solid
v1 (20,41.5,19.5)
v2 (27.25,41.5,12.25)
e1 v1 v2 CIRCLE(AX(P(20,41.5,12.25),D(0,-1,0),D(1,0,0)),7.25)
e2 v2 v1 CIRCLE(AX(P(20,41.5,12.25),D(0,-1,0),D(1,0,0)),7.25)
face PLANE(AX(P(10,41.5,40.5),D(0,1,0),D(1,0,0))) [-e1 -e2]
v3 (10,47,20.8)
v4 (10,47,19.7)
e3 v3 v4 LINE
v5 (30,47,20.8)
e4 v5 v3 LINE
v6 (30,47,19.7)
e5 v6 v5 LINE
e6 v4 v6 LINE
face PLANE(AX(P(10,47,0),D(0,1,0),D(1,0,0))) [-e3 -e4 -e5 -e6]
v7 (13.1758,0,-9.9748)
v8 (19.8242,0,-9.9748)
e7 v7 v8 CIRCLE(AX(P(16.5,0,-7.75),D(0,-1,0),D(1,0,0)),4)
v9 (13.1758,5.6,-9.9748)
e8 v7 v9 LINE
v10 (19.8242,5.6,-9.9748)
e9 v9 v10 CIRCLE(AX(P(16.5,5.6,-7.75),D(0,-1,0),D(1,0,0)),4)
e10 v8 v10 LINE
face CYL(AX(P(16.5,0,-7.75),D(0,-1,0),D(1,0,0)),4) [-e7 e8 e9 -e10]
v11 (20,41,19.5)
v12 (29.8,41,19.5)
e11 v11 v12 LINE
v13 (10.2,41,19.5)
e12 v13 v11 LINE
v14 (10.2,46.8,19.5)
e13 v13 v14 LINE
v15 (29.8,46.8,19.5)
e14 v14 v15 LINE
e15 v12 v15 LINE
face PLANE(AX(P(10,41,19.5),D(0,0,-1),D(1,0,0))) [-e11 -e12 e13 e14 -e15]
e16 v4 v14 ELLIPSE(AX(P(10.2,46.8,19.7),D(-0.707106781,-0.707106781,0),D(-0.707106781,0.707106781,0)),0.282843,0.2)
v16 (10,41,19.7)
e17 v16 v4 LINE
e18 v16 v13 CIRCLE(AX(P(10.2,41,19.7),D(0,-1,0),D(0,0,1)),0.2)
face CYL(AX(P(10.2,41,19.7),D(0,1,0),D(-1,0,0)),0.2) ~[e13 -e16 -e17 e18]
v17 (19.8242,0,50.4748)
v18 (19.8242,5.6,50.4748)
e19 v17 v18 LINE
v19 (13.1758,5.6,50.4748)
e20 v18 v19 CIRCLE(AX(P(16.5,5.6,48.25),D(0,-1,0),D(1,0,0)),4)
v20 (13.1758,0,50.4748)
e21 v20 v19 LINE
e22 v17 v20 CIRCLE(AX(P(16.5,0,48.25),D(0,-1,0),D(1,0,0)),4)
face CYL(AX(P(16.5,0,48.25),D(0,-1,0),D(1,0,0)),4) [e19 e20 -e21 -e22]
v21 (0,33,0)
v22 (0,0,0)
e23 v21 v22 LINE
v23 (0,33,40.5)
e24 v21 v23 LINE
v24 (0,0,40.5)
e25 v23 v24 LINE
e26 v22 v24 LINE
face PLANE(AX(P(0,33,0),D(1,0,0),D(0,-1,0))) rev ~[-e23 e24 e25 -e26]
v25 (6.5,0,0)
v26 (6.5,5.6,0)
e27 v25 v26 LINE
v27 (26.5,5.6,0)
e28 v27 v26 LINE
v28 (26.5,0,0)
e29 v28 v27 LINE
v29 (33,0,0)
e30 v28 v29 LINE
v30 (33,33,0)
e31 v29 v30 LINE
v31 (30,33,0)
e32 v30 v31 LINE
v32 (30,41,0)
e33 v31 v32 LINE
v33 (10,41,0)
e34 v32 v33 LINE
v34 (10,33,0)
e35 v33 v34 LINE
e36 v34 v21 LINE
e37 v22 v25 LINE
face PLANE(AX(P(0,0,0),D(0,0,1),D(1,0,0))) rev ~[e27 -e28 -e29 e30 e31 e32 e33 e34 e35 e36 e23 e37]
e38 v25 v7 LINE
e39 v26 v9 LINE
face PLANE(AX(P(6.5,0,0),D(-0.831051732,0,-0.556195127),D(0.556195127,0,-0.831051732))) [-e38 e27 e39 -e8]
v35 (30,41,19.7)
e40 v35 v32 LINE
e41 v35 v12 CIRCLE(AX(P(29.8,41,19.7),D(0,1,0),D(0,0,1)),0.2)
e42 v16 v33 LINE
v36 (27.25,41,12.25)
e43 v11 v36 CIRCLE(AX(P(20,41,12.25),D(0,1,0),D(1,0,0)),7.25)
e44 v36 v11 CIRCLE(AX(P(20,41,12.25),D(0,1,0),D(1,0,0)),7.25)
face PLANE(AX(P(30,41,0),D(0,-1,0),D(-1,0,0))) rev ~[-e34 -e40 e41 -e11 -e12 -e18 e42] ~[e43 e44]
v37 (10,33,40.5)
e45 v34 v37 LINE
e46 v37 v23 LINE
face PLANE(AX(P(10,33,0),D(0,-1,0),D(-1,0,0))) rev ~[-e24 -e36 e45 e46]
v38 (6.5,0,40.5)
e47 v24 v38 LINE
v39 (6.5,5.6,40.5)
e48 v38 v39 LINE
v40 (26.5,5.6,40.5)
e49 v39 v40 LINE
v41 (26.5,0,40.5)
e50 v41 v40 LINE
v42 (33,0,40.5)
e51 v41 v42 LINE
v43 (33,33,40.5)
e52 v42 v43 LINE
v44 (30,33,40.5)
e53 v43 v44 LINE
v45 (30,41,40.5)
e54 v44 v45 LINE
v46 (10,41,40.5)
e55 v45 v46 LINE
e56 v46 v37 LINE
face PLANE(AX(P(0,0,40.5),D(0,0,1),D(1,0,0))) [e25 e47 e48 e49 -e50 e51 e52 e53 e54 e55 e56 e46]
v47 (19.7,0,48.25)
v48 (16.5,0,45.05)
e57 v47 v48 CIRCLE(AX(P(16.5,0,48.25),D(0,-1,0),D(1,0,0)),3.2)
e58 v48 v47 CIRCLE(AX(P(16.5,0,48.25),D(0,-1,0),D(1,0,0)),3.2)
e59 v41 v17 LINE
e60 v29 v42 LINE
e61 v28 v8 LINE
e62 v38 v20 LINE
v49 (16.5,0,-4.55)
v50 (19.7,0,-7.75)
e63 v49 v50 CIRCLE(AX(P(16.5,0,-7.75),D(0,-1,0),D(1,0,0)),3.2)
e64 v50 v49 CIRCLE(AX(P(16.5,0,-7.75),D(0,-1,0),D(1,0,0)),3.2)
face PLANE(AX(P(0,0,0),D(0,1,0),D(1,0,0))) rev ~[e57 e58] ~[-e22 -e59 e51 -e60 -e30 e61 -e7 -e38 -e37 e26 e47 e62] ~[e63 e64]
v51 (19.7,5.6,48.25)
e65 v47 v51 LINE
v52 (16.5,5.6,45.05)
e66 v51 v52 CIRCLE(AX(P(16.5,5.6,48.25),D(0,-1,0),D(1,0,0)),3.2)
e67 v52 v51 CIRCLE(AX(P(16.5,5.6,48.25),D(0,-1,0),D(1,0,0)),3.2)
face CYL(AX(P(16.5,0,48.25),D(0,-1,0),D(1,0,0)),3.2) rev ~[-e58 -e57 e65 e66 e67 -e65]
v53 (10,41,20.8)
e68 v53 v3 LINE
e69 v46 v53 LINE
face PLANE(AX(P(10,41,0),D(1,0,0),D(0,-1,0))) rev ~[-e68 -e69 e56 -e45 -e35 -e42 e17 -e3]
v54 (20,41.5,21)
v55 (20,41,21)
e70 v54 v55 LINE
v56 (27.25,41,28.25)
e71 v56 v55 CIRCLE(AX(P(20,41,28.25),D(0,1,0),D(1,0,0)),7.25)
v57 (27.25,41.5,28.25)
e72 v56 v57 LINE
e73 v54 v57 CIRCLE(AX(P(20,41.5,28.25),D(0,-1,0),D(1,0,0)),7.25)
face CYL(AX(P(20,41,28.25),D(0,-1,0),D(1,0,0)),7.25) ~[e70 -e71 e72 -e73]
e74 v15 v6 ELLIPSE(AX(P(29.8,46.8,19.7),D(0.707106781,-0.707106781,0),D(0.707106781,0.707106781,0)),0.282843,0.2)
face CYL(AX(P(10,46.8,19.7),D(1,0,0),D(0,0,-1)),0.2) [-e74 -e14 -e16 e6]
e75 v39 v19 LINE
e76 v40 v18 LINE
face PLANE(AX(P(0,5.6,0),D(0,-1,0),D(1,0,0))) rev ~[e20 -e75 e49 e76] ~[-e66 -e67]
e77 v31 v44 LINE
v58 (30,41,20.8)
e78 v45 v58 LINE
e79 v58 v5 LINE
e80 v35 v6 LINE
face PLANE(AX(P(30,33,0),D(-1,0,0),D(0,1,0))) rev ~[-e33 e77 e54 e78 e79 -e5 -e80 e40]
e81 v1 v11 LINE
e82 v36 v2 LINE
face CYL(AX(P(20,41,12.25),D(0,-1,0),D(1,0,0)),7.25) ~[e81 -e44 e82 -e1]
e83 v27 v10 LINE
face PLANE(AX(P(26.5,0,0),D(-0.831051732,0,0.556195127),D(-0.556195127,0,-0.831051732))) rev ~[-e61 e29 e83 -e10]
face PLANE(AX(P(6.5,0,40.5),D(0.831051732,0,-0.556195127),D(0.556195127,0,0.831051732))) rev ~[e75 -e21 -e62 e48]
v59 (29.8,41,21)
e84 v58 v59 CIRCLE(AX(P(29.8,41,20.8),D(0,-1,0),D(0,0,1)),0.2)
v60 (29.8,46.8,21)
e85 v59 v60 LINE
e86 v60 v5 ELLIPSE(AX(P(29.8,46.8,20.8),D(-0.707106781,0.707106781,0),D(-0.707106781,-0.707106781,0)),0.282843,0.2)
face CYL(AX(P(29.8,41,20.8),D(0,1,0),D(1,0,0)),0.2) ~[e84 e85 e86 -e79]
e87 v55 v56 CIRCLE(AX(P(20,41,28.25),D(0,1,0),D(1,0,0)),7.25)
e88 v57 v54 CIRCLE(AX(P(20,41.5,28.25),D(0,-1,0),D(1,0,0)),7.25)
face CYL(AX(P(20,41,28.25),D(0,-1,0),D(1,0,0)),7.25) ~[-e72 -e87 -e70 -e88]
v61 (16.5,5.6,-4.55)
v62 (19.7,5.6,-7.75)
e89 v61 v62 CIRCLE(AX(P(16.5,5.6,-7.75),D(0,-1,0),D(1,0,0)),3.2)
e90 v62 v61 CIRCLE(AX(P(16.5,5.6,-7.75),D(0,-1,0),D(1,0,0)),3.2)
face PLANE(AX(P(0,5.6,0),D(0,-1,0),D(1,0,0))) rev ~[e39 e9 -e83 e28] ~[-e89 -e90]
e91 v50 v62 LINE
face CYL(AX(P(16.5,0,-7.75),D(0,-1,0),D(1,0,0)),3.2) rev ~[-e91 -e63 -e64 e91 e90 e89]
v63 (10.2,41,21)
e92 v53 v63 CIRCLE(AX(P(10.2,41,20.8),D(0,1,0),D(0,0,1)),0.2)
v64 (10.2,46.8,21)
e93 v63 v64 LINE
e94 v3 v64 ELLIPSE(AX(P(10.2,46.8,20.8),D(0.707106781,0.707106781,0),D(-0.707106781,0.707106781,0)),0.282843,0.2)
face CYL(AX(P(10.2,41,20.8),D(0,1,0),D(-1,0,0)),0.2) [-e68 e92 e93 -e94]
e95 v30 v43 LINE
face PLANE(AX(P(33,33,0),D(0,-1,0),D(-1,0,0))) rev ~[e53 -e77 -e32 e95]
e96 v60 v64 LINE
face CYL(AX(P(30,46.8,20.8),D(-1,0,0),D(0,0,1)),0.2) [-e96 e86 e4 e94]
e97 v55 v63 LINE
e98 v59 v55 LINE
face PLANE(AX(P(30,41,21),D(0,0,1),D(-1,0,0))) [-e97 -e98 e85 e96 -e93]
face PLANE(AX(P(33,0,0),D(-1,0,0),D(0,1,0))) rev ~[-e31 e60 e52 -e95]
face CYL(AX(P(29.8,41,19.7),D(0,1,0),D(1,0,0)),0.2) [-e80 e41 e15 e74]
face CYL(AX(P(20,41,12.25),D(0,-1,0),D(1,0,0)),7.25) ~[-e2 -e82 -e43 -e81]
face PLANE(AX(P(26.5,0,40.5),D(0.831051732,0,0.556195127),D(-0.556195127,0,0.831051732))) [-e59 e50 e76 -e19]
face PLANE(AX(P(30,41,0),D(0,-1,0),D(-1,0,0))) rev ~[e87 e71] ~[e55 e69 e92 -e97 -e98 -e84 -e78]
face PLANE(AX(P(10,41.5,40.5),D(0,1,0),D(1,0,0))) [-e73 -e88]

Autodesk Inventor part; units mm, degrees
ref_plane "YZ Plane" through (0, 0, 0) normal (1, 0, 0) x (0, 1, 0)
ref_plane "XZ Plane" through (0, 0, 0) normal (0, 1, 0) x (-1, 0, 0)
ref_plane "XY Plane" through (0, 0, 0) normal (0, 0, 1) x (1, 0, 0)
sketch "Boceto1" plane through (0, 0, 0) normal (0, 0, 1) x (1, 0, 0)
  line L0 (0, 0) -> (33, 0)
  line L1 (33, 0) -> (33, 33)
  line L2 (33, 33) -> (0, 33)
  line L3 (0, 33) -> (0, 0)
  line L4 (10, 33) -> (30, 33)
  line L5 (30, 33) -> (30, 41)
  line L6 (30, 41) -> (10, 41)
  line L7 (10, 41) -> (10, 33)
  point P0 (30, 33)
  dimension "d4" = 33
  dimension "d5" = 33
  dimension "d6" = 41
  dimension "d7" = 3
  dimension "d8" = 10
extrude "Extrusión1" add sketch "Boceto1" along normal blind 40.5
sketch "Boceto2" plane through (10, 41, 0) normal (0, 1, 0) x (1, 0, 0)
  line L0 (20, -21) -> (0, -21)
  line L1 (0, -21) -> (0, -19.5)
  line L2 (0, -19.5) -> (20, -19.5)
  line L3 (20, -19.5) -> (20, -21)
  line L4 (0, 0) -> (0, -40.5) projected
  line L5 (20, 0) -> (20, -40.5) projected
  point P0 (-10, 0)
  point P1 (0, -20.25)
  point P2 (20, -20.25)
  dimension "d11" = 1.5
extrude "Extrusión2" add sketch "Boceto2" along normal blind 6
fillet "Empalme1" radius 0.2 6 edges at (10, 44, 21) (20, 47, 21) (30, 44, 21) (10, 44, 19.5) (20, 47, 19.5) (30, 44, 19.5)
sketch "Boceto3" plane through (10, 41, 40.5) normal (0, 1, 0) x (1, 0, 0)
  line L0 (0, 40.5) -> (0, 0) projected
  line L1 (0, 20.25) -> (20, 20.25)
  line L2 (20, 40.5) -> (20, 0) projected
  line L3 (10, 20.25) -> (10, 28.25)
  line L4 (10, 20.25) -> (10, 12.25)
  line L5 (19.8, 19.5) -> (0.2, 19.5) projected
  line L6 (10, 19.5) -> (12.8197, 19.5)
  line L7 (0.2, 21) -> (19.8, 21) projected
  line L8 (10, 21) -> (12.8197, 21)
  circle A0 centre (10, 12.25) radius 7.25
  circle A1 centre (10, 28.25) radius 7.25
  point P0 (-10, 40.5)
  dimension "d15" = 8
  dimension "d16" = 8
extrude "Extrusión3" add sketch "Boceto3" along normal blind 0.5
sketch "Boceto4" plane through (0, 0, 0) normal (0, -1, 0) x (1, 0, 0)
  line L0 (0, 0) -> (33, 0) projected
  line L1 (16.5, 0) -> (16.5, 40.5)
  line L2 (0, 40.5) -> (33, 40.5) projected
  line L3 (16.5, 20.25) -> (16.5, 48.25)
  circle A0 centre (16.5, 48.25) radius 3.2
  circle A1 centre (16.5, 48.25) radius 4
  line L4 (16.5, 40.5) -> (6.5, 40.5)
  line L5 (16.5, 40.5) -> (26.5, 40.5)
  line L6 (26.5, 40.5) -> (19.8242, 50.4748)
  line L7 (6.5, 40.5) -> (13.1758, 50.4748)
  line L8 (16.5, 20.25) -> (16.5, -7.75)
  circle A2 centre (16.5, -7.75) radius 3.2
  circle A3 centre (16.5, -7.75) radius 4
  line L9 (6.5, 0) -> (26.5, 0)
  line L10 (6.5, 0) -> (13.1758, -9.9748)
  line L11 (26.5, 0) -> (19.8242, -9.9748)
  dimension "d19" = 28
  dimension "d20" = 6.4
  dimension "d21" = 8
  dimension "d22" = 10
  dimension "d23" = 10
  dimension "d26" = 28
  dimension "d27" = 6.4
  dimension "d28" = 8
  dimension "d29" = 20
  dimension "d30" = 6.5
extrude "Extrusión4" add sketch "Boceto4" against normal blind 5.6
equation "\"d4\" = DistA"
equation "\"d5\" = DistC"
equation "\"d6\" = DistB"
equation "\"d9\" = DistEXT"
equation "\"d12\" = DistEXT2"
equation "\"d24\" = DistEXT3"
equation "\"DistA\" = 33"
equation "\"DistB\" = 41"
equation "\"DistEXT\" = 40.5"
equation "\"DistC\" = 33"
equation "\"DistEXT2\" = 6"
equation "\"DistEXT3\" = 5.6"
properties part number "Pieza3-Tarea2"
